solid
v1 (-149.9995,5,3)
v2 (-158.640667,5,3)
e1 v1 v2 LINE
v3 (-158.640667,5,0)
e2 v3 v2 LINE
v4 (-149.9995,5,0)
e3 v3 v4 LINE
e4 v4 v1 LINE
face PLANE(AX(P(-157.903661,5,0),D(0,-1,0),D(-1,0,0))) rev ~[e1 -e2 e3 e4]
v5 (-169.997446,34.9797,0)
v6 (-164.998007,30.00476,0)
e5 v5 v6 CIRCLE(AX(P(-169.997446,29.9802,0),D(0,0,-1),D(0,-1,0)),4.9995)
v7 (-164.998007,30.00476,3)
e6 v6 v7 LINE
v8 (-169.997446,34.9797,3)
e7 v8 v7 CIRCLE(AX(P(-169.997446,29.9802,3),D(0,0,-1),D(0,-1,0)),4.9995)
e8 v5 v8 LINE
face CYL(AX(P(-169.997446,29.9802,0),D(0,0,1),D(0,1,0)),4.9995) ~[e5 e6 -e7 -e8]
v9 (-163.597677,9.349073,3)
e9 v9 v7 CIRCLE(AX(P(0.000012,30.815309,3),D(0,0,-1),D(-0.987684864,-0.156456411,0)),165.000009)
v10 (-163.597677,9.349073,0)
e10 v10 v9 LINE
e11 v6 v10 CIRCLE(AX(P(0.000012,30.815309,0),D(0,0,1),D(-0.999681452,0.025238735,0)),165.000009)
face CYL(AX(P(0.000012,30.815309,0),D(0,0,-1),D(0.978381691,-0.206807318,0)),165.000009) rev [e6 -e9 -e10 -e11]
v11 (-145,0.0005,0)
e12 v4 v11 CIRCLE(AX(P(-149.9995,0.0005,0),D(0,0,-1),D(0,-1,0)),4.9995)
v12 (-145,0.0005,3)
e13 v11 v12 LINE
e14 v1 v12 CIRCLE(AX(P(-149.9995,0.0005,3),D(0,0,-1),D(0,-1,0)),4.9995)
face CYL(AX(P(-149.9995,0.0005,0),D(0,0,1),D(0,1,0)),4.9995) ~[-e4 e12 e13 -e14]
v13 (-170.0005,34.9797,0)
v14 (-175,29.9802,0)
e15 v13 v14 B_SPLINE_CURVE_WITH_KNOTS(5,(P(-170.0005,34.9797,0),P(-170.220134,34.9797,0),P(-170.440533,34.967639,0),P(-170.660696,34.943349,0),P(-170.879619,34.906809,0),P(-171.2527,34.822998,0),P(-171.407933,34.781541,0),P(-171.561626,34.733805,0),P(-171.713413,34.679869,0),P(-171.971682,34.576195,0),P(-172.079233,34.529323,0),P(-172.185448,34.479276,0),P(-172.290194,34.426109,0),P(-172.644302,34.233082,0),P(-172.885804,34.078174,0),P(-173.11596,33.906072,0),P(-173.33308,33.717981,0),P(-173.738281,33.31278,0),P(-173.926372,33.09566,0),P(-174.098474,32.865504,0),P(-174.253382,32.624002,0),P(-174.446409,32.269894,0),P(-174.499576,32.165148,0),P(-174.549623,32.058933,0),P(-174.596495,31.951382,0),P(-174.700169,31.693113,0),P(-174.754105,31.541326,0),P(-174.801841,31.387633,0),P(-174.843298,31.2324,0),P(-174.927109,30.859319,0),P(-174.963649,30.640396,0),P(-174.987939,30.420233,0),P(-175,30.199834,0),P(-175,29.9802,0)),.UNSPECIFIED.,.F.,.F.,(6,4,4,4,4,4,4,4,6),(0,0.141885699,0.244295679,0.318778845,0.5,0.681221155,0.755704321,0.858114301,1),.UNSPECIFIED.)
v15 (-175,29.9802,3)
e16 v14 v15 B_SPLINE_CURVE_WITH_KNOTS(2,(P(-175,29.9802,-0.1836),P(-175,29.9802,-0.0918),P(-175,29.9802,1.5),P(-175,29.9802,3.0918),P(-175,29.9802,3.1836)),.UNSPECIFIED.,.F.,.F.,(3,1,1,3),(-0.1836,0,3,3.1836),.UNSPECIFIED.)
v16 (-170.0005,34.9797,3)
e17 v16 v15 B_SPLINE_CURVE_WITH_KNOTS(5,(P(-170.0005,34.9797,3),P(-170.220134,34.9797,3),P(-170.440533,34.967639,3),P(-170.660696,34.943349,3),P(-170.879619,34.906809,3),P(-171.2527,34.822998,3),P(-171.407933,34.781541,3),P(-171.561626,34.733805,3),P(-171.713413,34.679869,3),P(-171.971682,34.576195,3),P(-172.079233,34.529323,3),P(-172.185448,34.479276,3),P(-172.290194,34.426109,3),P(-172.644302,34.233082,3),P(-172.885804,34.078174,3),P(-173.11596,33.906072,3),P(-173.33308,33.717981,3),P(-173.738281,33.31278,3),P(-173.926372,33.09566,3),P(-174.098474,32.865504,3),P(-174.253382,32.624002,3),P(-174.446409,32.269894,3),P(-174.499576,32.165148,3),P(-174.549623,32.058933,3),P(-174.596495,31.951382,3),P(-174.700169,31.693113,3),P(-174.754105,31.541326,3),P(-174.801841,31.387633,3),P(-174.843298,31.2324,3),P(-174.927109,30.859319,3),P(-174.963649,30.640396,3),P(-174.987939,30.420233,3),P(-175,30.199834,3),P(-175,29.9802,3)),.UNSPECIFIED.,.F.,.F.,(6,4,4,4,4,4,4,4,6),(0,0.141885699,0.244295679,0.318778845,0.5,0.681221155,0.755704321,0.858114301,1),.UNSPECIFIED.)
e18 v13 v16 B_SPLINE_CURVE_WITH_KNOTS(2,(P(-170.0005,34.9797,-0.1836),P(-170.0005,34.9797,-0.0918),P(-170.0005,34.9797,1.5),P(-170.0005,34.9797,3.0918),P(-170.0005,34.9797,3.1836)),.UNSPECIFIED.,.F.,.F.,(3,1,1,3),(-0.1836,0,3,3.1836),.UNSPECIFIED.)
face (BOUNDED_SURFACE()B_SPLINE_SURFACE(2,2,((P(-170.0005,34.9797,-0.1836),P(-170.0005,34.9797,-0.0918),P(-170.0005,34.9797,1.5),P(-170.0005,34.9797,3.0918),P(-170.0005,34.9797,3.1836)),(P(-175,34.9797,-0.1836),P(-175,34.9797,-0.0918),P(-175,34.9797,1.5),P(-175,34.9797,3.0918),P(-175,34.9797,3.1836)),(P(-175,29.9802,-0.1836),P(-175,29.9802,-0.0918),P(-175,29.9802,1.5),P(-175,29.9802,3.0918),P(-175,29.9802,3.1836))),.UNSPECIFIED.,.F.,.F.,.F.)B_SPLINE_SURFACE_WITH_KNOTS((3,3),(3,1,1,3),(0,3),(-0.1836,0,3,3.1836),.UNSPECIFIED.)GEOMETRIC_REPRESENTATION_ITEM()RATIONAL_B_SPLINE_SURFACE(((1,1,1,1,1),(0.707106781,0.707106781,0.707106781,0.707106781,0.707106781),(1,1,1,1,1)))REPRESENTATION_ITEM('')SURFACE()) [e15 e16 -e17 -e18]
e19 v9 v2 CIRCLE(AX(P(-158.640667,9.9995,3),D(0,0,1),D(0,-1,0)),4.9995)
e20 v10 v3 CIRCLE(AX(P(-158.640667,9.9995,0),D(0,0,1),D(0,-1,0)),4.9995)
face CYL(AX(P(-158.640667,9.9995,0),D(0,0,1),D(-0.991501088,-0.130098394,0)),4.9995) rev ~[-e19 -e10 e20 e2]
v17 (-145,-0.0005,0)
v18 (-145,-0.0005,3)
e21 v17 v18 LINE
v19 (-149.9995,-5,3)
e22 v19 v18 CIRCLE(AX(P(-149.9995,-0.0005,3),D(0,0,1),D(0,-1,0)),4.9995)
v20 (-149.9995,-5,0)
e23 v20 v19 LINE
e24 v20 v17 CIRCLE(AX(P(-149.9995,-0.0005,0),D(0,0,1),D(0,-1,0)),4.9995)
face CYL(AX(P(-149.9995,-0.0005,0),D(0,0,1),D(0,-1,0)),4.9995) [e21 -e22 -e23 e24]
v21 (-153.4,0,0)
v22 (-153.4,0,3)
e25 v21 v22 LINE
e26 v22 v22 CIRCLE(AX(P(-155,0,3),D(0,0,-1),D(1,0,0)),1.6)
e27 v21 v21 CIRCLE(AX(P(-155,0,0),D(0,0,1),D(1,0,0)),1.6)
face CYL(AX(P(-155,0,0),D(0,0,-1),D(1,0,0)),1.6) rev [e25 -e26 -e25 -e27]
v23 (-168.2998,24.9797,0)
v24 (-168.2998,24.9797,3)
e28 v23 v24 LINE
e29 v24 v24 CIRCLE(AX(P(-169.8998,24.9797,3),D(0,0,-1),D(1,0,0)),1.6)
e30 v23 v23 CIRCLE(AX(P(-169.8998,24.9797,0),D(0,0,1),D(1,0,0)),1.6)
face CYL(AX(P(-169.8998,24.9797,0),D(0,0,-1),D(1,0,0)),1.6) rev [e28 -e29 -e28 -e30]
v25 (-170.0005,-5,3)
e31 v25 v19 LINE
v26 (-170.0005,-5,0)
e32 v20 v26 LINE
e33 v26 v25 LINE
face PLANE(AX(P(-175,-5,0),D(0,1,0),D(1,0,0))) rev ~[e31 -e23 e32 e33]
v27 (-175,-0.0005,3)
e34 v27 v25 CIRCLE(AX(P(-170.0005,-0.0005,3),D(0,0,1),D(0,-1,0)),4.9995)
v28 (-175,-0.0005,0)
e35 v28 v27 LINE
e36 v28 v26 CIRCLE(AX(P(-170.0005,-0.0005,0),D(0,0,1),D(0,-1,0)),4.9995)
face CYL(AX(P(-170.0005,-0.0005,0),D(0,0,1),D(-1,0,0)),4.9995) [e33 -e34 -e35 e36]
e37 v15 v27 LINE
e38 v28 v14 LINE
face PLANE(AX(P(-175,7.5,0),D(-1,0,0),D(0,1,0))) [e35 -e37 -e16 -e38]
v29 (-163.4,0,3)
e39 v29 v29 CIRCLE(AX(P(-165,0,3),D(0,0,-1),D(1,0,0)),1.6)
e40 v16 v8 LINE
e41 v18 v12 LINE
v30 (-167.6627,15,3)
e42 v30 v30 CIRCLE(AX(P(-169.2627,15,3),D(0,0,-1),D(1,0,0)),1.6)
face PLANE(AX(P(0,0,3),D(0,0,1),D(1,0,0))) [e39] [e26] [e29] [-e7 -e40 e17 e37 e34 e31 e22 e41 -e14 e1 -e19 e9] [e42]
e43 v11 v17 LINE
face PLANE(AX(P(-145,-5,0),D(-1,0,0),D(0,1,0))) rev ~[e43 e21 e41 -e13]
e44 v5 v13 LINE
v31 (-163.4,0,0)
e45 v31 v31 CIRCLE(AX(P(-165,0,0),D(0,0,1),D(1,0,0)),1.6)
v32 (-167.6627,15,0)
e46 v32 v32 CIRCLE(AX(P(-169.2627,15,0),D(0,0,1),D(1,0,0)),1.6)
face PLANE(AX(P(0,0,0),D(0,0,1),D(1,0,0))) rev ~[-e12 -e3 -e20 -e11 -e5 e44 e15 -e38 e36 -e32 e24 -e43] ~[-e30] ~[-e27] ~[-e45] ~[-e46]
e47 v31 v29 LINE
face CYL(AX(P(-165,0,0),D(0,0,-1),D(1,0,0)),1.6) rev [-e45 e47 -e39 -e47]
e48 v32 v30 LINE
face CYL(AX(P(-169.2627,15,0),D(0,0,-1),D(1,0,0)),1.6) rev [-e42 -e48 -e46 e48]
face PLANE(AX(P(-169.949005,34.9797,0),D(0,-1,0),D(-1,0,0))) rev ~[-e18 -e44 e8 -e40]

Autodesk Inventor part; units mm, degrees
ref_plane "YZ Plane" through (0, 0, 0) normal (1, 0, 0) x (0, 1, 0)
ref_plane "XZ Plane" through (0, 0, 0) normal (0, 1, 0) x (-1, 0, 0)
ref_plane "XY Plane" through (0, 0, 0) normal (0, 0, 1) x (1, 0, 0)
sketch "スケッチ1" plane through (0, 0, 0) normal (0, 0, 1) x (1, 0, 0)
  line L0 (195, -7.5) -> (-195, -7.5)
  line L1 (-195, -7.5) -> (-195, 7.5)
  line L2 (-195, 7.5) -> (195, 7.5)
  line L3 (195, 7.5) -> (195, -7.5)
  line L4 (195, -7.5) -> (-195, 7.5) construction
  line L5 (-195, -7.5) -> (195, 7.5) construction
  circle A0 centre (0, 70.8153) radius 120
  line L6 (0, -7.5) -> (0, 7.5)
  circle A1 centre (-127.5, -22.5) radius 38
  line L7 (-175, -5) -> (-145, -5)
  line L8 (-145, -5) -> (-145, 5)
  line L9 (-145, 5) -> (-175, 5)
  line L10 (-175, 5) -> (-175, -5)
  line L11 (-195, 0) -> (195, 0)
  circle A2 centre (-175, 0) radius 1.6
  circle A3 centre (-165, 0) radius 1.6
  circle A4 centre (-155, 0) radius 1.6
  line L12 (0, 190.8153) -> (0, -49.1847)
  arc A5 (156.5411, -2.2739) -> (-157.0045, 0) centre (0, 30.8153) ccw
  arc A6 (161.433, -3.3079) -> (-162.968, 5) centre (0, 30.8153) ccw
  arc A7 (166.3249, -4.342) -> (-168.0285, 5) centre (0, 30.8153) ccw
  arc A8 (171.2168, -5.376) -> (-173.0854, 5) centre (0, 30.8153) ccw
  circle A9 centre (-169.2627, 15) radius 1.6
  circle A10 centre (-169.8998, 24.9797) radius 1.6
  line L13 (-164.9474, 34.9797) -> (-174.9504, 34.9797)
  line L14 (-175, -5) -> (-175, 30.8153)
  point P0 (0, 0)
  point P1 (-165, 0)
  point P2 (-175, 0)
  point P3 (-174.3906, 5)
  point P4 (-164.3536, 5)
  point P5 (-175, -1.6)
  point P6 (-175, 1.6)
  dimension "d0" = 390
  dimension "d1" = 15
  dimension "d2" = 240
  dimension "d3" = 76
  dimension "d4" = 30
  dimension "d5" = 67.5
  dimension "d9" = 10
  dimension "d10" = 10
  dimension "d11" = 20
  dimension "d13" = 10
  dimension "d14" = 10
  dimension "d16" = 3.2
  dimension "d17" = 3.2
  dimension "d19" = 3.2
  dimension "d28" = 40
  dimension "d29" = 5
  dimension "d30" = 5
  dimension "d31" = 5
  dimension "d32" = 3.2
  dimension "d33" = 3.2
  dimension "d34" = 15
  dimension "d35" = 10
  dimension "d36" = 10
extrude "押し出し1" add sketch "スケッチ1" along normal blind 3 contours L13 A7 A10 A9 L2 A8 | L11 A4 A5 A1 L9 L8 | L8 L7 A1 L11 A4 | L13 A6 L2 A7 A9 A10 | A8 L2 L14 | L7 L10 A2 L11 A3 A1 | A8 L9 L14 L2 | L2 A7 L9 A8 | L11 A3 A2 L10 L9 A5 A1 | A1 A5 L11 | A6 L9 A7 L2 | L9 A1 A5 | L10 L11 A2 | A2 L11 L10 picked at (-174.4361, -0.8975) picked at (-174.4361, 0.8975)
fillet "フィレット1" radius 5 6 edges at (-175, -5, 1.5) (-145, -5, 1.5) (-145, 5, 1.5) (-174.9504, 34.9797, 1.5) (-164.9474, 34.9797, 1.5) (-162.968, 5, 1.5)
properties part number "light_ball_space_nc"
